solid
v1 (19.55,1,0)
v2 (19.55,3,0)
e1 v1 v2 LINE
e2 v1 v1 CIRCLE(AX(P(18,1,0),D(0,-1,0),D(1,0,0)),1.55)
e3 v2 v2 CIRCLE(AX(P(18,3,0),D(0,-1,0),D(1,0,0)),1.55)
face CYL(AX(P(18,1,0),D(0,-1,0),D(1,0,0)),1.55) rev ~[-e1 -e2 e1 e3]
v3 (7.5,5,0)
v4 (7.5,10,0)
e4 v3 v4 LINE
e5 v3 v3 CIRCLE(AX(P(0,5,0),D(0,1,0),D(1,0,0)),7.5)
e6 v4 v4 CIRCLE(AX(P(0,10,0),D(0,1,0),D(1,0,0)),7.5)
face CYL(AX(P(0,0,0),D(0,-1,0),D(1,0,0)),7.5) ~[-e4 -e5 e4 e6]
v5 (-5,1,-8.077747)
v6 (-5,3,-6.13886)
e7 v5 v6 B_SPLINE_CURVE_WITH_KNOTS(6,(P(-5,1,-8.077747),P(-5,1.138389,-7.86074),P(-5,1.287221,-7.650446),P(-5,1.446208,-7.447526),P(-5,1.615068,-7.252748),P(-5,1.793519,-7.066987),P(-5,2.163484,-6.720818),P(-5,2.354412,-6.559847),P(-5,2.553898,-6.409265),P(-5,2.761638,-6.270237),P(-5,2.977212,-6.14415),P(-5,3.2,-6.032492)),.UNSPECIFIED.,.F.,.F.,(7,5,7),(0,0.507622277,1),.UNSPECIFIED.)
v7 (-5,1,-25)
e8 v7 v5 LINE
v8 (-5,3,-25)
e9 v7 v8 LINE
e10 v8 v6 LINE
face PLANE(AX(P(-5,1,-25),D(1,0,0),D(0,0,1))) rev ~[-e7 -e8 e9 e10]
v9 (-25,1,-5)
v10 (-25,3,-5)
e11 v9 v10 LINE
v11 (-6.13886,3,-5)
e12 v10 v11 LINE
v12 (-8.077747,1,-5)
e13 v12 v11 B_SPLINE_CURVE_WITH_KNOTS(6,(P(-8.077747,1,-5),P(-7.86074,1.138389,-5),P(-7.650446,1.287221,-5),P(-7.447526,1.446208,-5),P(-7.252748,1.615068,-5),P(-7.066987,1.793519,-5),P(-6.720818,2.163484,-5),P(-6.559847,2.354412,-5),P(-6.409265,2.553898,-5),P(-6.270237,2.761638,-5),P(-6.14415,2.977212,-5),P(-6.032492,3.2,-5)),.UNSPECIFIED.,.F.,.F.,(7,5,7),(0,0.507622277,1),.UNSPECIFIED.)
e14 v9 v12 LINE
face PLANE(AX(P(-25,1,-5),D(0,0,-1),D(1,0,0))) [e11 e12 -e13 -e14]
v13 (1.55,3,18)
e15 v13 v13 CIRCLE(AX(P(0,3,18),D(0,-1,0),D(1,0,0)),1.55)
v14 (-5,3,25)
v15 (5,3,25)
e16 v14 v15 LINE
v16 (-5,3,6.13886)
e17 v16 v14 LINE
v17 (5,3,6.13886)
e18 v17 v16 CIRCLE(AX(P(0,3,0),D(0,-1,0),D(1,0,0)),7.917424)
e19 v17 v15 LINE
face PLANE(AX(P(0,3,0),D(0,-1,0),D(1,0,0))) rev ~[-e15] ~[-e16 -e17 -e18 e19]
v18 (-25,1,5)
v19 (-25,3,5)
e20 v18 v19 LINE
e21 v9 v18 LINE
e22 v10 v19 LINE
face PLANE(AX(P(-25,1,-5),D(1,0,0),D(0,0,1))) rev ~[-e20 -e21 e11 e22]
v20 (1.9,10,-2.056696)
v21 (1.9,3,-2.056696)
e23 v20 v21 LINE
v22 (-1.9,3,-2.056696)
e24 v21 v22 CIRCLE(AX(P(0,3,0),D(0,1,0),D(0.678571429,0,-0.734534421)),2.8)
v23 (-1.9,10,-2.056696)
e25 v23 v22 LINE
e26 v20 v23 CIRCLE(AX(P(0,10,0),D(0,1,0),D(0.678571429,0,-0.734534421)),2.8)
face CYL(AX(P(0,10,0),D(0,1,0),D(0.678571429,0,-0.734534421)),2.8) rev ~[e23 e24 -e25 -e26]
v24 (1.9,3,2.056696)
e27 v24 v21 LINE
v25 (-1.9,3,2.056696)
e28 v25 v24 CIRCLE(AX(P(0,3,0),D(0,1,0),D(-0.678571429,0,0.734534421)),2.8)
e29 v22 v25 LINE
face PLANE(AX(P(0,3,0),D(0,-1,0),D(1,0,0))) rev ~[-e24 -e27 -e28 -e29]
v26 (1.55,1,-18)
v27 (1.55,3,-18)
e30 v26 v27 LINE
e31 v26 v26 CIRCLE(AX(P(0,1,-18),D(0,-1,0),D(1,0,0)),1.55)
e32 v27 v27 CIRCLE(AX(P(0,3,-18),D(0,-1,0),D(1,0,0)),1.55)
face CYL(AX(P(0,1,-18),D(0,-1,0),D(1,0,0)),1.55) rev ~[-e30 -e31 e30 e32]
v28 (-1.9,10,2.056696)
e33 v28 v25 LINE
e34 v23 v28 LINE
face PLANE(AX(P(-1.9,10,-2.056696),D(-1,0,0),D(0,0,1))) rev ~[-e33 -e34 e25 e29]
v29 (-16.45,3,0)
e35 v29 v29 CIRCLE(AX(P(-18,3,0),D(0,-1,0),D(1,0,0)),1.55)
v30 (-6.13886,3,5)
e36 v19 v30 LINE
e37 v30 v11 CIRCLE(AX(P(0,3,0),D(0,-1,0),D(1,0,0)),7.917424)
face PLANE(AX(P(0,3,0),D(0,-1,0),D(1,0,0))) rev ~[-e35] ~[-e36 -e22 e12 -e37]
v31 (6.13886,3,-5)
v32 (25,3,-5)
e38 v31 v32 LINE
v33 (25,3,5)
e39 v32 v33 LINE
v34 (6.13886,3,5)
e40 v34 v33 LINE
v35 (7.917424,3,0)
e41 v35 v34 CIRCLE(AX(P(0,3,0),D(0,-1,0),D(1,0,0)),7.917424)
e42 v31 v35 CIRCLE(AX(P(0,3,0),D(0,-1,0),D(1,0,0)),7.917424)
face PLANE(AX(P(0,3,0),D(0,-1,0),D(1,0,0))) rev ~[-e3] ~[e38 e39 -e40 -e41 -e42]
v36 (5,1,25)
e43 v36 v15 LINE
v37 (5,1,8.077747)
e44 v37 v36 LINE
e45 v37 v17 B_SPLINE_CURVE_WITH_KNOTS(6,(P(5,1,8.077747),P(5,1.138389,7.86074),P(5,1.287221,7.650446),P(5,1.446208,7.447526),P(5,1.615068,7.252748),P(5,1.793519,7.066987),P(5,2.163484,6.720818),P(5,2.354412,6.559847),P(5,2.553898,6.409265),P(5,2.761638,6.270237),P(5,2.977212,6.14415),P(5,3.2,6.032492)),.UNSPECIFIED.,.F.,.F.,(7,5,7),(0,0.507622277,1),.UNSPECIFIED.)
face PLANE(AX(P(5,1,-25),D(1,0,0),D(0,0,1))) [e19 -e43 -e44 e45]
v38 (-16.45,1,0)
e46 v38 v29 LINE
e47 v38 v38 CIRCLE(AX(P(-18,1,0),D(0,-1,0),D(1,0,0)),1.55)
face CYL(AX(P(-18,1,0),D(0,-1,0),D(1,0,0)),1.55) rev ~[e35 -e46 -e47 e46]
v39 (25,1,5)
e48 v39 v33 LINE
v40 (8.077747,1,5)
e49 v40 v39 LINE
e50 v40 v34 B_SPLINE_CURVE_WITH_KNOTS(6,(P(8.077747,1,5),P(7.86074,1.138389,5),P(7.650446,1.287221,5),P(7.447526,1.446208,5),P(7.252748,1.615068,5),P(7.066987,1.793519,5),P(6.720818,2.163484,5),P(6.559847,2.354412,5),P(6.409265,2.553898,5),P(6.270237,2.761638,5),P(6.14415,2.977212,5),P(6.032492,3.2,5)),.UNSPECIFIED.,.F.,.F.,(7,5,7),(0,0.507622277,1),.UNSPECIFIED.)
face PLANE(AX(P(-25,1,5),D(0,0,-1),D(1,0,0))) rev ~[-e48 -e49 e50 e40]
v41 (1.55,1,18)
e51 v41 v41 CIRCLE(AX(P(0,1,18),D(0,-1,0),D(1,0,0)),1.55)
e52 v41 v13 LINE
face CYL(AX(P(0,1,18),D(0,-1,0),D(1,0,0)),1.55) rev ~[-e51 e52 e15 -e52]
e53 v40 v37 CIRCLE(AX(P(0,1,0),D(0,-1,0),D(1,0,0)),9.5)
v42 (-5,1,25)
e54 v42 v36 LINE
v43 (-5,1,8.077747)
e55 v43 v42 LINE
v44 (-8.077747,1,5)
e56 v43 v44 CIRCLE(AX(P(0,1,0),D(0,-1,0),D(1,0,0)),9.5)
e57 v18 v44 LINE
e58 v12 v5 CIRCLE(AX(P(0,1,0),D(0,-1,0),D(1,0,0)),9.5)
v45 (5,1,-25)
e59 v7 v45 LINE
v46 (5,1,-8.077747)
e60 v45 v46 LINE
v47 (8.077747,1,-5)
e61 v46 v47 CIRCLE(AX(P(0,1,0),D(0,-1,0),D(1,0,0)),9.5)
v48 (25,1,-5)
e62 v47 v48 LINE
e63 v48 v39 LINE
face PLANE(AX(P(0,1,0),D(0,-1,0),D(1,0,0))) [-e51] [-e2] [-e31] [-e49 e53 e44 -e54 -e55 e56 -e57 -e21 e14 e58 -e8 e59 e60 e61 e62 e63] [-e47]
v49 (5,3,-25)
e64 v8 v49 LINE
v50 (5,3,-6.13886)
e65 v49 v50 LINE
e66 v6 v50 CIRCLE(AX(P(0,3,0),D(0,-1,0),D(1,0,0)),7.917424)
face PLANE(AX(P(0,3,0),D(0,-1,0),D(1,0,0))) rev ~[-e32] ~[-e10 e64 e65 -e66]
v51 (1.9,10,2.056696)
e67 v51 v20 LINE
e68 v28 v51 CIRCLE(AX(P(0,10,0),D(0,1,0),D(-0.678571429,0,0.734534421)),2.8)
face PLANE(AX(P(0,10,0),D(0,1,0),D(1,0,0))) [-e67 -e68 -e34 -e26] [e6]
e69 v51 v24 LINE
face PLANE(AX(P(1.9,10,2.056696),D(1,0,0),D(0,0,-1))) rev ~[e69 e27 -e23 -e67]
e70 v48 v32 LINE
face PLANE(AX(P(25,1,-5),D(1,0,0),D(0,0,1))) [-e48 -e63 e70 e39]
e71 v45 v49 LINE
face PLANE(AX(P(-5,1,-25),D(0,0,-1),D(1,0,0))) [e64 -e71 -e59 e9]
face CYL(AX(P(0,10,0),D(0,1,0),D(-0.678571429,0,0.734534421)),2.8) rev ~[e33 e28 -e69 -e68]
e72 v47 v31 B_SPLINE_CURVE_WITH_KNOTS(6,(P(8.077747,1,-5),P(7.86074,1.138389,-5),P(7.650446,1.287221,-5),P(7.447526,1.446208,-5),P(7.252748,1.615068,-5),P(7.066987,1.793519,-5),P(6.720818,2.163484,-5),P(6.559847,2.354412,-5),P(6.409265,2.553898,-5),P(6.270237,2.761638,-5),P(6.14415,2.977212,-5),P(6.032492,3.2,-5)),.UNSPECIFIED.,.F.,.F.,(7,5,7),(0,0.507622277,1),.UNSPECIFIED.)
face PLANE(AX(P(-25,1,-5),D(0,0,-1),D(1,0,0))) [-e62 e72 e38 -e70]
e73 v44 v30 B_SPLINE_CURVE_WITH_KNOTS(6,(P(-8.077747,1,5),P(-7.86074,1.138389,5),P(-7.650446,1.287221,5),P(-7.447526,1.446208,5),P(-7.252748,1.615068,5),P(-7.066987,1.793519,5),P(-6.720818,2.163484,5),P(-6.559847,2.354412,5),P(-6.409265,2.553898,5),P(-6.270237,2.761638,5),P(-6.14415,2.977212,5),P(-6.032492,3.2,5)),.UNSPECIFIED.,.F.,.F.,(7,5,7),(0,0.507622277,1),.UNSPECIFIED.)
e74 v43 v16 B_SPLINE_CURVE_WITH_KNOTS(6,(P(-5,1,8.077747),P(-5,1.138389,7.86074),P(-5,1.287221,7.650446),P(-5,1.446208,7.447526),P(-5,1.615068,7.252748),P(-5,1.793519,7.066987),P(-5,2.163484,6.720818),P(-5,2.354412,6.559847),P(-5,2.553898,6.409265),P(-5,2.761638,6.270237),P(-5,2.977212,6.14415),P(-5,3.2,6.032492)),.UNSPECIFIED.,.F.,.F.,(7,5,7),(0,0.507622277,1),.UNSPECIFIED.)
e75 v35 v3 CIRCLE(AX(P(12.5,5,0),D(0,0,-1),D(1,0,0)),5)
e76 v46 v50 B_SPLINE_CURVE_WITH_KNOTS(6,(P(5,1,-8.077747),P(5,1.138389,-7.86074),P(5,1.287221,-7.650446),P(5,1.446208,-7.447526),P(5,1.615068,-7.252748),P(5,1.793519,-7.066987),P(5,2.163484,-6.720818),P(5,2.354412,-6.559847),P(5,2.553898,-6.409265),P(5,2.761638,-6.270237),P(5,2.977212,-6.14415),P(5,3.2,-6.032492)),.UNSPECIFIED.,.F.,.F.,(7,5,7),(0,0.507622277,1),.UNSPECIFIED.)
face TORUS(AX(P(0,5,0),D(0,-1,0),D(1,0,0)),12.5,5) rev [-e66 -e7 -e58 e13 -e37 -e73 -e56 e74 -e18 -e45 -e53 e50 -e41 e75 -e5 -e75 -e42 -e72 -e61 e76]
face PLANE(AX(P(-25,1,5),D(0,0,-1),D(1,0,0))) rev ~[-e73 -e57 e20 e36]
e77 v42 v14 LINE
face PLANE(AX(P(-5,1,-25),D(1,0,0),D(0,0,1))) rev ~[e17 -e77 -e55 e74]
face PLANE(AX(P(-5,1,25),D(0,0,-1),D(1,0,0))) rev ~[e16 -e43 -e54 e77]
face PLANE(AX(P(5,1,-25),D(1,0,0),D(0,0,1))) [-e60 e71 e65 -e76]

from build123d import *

# Parameters (mm, degrees)
CROQUIS1_R              = 7.5
EXTRUIR1_DEPTH          = 10
EXTRUIR2_DEPTH          = 10
CROQUIS3_R              = 30
EXTRUIR3_DEPTH          = 9
REDONDEO1_R             = 5
EXTRUIR4_DEPTH          = 10
REDONDEO2_R             = 2
CROQUIS5_R              = 39.877660951
CORTAR_EXTRUIR1_DEPTH   = 10
CROQUIS7_W              = 10
CROQUIS7_H              = 50
SALIENTE_EXTRUIR1_DEPTH = 2
CROQUIS8_W              = 50
CROQUIS8_H              = 10
SALIENTE_EXTRUIR2_DEPTH = 2
CROQUIS10_R             = 1.55
CORTAR_EXTRUIR2_DEPTH   = 2


with BuildPart() as part:
    # Croquis1 → Extruir1 (new body)
    with BuildSketch(Plane(origin=(0, 0, 0), x_dir=(1, 0, 0), z_dir=(0, 1, 0))):
        Circle(CROQUIS1_R)
    extrude(amount=EXTRUIR1_DEPTH)

    # Croquis2 → Extruir2 (cut)
    with BuildSketch(Plane(origin=(0, 10, 0), x_dir=(1, 0, 0), z_dir=(0, 1, 0))):
        with BuildLine():
            Line((-1.9, 2.05669638), (-1.9, -2.05669638))
            ThreePointArc((-1.9, -2.05669638), (0, -2.8), (1.9, -2.05669638))
            Line((1.9, -2.05669638), (1.9, 2.05669638))
            ThreePointArc((1.9, 2.05669638), (0, 2.8), (-1.9, 2.05669638))
        make_face()
    extrude(amount=-EXTRUIR2_DEPTH, mode=Mode.SUBTRACT)

    # Croquis3 → Extruir3 (add)
    with BuildSketch(Plane.XZ):
        Circle(CROQUIS3_R)
    extrude(amount=EXTRUIR3_DEPTH)

    # Redondeo1
    redondeo1_edges = [part.edges().sort_by_distance(p)[0] for p in [
        (-7.5, 0, 0),
    ]]
    fillet(redondeo1_edges, radius=REDONDEO1_R)

    # Croquis4 → Extruir4 (cut)
    with BuildSketch(Plane(origin=(0, 0, 0), x_dir=(1, 0, 0), z_dir=(0, 1, 0))):
        with BuildLine():
            ThreePointArc((-13.896428557, -5.647058824), (-10.606601718, -10.606601718), (-5.647058824, -13.896428557))
            ThreePointArc((-5.647058824, -13.896428557), (-2.209821435, -22.039548299), (-10.352941176, -25.476785688))
            ThreePointArc((-10.352941176, -25.476785688), (-19.445436483, -19.445436483), (-25.476785688, -10.352941176))
            ThreePointArc((-25.476785688, -10.352941176), (-22.039548299, -2.209821435), (-13.896428557, -5.647058824))
        make_face()
        with BuildLine():
            ThreePointArc((-5.647058824, 13.896428557), (-2.209821435, 22.039548299), (-10.352941176, 25.476785688))
            ThreePointArc((-10.352941176, 25.476785688), (-19.445436483, 19.445436483), (-25.476785688, 10.352941176))
            ThreePointArc((-25.476785688, 10.352941176), (-22.039548299, 2.209821435), (-13.896428557, 5.647058824))
            ThreePointArc((-13.896428557, 5.647058824), (-10.606601718, 10.606601718), (-5.647058824, 13.896428557))
        make_face()
        with BuildLine():
            ThreePointArc((10.352941176, 25.476785688), (2.209821435, 22.039548299), (5.647058824, 13.896428557))
            ThreePointArc((5.647058824, 13.896428557), (10.606601718, 10.606601718), (13.896428557, 5.647058824))
            ThreePointArc((13.896428557, 5.647058824), (22.039548299, 2.209821435), (25.476785688, 10.352941176))
            ThreePointArc((25.476785688, 10.352941176), (19.445436483, 19.445436483), (10.352941176, 25.476785688))
        make_face()
        with BuildLine():
            ThreePointArc((5.647058824, -13.896428557), (2.209821435, -22.039548299), (10.352941176, -25.476785688))
            ThreePointArc((10.352941176, -25.476785688), (19.445436483, -19.445436483), (25.476785688, -10.352941176))
            ThreePointArc((25.476785688, -10.352941176), (22.039548299, -2.209821435), (13.896428557, -5.647058824))
            ThreePointArc((13.896428557, -5.647058824), (10.606601718, -10.606601718), (5.647058824, -13.896428557))
        make_face()
    extrude(amount=-EXTRUIR4_DEPTH, mode=Mode.SUBTRACT)

    # Redondeo2
    redondeo2_edges = [part.edges().sort_by_distance(p)[0] for p in [
        (-30, 0, 0),
        (-30, -9, 0),
    ]]
    fillet(redondeo2_edges, radius=REDONDEO2_R)

    # Croquis5 → Cortar-Extruir1 (cut)
    with BuildSketch(Plane.XZ.offset(9)):
        Circle(CROQUIS5_R)
    extrude(amount=-CORTAR_EXTRUIR1_DEPTH, mode=Mode.SUBTRACT)

    # Croquis7 → Saliente-Extruir1 (add)
    with BuildSketch(Plane.XZ.offset(-1)):
        Rectangle(CROQUIS7_W, CROQUIS7_H)
    extrude(amount=-SALIENTE_EXTRUIR1_DEPTH)

    # Croquis8 → Saliente-Extruir2 (add)
    with BuildSketch(Plane.XZ.offset(-1)):
        Rectangle(CROQUIS8_W, CROQUIS8_H)
    extrude(amount=-SALIENTE_EXTRUIR2_DEPTH)

    # Croquis10 → Cortar-Extruir2 (cut)
    with BuildSketch(Plane.XZ.offset(-1)):
        with Locations((-18, 0)):
            Circle(CROQUIS10_R)
        with Locations((0, 18)):
            Circle(CROQUIS10_R)
        with Locations((0, -18)):
            Circle(CROQUIS10_R)
        with Locations((18, 0)):
            Circle(CROQUIS10_R)
    extrude(amount=-CORTAR_EXTRUIR2_DEPTH, mode=Mode.SUBTRACT)


solid = part.part
